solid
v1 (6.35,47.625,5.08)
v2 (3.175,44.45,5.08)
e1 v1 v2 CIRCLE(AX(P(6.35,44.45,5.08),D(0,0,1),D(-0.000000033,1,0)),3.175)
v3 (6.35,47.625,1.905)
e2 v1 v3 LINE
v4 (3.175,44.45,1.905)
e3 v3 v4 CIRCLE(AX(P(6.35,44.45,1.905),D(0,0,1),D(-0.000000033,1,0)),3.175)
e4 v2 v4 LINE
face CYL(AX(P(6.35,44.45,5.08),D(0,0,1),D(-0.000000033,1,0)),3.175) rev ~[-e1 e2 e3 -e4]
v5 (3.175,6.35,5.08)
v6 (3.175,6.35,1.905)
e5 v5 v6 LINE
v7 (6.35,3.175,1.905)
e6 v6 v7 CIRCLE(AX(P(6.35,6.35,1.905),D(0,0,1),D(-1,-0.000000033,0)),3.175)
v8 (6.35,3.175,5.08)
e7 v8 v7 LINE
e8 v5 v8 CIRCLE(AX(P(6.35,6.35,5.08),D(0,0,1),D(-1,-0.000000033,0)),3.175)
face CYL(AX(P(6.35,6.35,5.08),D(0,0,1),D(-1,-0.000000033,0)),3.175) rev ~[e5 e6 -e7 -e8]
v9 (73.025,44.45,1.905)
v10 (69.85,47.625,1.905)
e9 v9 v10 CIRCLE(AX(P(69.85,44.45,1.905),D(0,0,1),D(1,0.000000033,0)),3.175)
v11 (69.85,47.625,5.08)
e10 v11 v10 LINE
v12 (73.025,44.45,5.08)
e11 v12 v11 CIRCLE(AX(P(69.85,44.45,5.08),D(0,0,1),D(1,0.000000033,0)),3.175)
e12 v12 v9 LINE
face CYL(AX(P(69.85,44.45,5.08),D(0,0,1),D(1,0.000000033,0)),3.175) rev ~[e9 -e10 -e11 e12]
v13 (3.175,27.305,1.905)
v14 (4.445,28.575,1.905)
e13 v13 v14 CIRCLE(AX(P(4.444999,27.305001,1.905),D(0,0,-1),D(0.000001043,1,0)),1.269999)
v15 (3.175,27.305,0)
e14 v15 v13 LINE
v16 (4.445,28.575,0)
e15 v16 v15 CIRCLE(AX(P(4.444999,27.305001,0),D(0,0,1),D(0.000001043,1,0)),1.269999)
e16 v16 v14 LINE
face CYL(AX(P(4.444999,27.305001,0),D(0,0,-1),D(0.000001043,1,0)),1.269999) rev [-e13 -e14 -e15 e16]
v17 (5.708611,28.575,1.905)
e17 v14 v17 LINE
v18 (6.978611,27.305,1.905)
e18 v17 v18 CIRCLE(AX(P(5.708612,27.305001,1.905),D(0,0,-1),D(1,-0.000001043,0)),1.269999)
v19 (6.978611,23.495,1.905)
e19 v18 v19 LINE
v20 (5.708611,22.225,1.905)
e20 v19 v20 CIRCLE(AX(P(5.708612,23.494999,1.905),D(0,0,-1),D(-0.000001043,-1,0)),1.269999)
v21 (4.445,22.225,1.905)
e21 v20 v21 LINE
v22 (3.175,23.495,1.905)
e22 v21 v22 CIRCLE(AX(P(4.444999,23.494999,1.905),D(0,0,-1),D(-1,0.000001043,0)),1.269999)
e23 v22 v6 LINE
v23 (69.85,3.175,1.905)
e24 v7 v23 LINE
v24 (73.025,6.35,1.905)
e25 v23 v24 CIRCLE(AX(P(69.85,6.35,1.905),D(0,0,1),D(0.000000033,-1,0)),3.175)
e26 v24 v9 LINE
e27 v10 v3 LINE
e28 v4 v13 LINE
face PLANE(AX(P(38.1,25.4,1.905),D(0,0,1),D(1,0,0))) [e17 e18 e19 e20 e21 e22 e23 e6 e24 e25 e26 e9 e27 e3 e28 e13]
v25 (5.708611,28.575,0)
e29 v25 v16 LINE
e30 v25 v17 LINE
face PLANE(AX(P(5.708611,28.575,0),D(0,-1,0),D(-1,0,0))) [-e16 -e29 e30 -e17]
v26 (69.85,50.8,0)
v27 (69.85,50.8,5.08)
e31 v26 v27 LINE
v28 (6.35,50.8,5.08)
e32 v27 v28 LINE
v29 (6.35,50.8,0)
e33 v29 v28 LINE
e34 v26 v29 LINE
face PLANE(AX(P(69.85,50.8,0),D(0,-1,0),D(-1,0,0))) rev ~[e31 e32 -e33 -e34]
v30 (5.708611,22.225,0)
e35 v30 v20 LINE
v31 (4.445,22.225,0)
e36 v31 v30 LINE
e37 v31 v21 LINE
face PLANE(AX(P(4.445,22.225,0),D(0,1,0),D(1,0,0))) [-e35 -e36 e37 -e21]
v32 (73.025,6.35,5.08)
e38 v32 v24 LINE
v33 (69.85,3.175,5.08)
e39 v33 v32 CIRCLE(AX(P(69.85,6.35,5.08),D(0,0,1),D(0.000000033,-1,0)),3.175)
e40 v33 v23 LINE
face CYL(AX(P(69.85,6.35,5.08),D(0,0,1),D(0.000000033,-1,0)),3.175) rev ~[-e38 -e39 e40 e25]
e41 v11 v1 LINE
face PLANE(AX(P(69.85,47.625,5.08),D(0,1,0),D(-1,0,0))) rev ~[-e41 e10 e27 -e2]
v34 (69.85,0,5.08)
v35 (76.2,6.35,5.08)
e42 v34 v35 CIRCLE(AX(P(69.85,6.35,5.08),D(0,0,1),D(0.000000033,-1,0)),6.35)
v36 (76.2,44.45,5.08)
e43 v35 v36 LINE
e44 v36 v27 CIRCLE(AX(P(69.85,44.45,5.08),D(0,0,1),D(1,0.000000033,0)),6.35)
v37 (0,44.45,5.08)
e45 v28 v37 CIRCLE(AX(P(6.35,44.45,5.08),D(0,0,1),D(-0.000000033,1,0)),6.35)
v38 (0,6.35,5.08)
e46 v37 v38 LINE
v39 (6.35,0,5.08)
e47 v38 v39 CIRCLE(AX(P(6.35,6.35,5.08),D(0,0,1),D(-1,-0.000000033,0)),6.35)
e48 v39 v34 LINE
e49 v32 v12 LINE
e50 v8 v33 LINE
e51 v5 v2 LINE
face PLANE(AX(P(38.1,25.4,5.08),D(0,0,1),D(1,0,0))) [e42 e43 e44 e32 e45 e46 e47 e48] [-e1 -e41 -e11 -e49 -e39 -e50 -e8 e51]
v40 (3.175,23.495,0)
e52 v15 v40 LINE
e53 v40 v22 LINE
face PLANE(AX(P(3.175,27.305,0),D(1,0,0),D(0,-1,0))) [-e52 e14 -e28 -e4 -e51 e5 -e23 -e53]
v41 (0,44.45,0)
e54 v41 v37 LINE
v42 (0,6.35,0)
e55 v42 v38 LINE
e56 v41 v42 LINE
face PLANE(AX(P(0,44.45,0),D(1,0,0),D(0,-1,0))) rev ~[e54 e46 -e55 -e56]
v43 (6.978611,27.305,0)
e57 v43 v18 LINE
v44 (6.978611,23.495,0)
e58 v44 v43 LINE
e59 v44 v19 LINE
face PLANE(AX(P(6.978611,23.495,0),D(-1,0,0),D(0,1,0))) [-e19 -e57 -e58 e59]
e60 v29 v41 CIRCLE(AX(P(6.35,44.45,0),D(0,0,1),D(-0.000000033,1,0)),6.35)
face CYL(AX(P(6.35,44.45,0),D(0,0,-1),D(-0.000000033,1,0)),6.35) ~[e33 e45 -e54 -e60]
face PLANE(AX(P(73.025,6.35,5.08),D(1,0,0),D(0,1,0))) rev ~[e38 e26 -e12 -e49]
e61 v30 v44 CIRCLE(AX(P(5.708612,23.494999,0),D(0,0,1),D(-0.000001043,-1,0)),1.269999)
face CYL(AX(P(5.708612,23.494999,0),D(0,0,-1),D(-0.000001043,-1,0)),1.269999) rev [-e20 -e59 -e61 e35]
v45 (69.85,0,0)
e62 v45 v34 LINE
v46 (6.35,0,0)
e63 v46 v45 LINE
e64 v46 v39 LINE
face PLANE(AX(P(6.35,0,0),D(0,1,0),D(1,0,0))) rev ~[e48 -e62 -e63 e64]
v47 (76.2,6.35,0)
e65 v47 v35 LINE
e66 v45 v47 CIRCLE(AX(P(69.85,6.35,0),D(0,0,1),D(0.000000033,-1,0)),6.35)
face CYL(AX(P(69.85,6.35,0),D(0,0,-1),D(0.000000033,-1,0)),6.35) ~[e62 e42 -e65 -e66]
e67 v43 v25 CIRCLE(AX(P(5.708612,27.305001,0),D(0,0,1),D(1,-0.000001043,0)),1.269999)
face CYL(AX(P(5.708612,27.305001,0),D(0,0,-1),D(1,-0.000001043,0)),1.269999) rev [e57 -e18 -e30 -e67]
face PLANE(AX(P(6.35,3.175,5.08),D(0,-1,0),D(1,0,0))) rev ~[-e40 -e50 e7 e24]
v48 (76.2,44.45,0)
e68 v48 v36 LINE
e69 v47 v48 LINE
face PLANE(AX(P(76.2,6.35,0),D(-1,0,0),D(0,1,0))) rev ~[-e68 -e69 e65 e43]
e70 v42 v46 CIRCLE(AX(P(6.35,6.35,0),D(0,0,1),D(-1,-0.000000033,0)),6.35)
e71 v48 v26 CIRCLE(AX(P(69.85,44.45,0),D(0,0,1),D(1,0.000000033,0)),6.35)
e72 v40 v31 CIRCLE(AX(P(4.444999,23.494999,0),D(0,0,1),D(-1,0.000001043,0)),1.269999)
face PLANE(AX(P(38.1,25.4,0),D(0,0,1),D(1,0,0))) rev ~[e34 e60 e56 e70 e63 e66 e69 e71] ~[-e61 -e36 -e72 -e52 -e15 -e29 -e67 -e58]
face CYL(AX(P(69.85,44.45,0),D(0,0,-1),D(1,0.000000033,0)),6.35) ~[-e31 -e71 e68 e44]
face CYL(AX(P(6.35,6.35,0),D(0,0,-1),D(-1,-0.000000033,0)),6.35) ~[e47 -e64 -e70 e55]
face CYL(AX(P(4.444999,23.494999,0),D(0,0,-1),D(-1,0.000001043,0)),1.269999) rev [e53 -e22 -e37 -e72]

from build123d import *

# Parameters (mm, degrees)
F1_DEPTH = 5.08
F3_DEPTH = 3.175
F5_DEPTH = 25.4


with BuildPart() as f1:
    # F0 (on Top) → F1 (new body)
    with BuildSketch(Plane.XY):
        with BuildLine():
            ThreePointArc((0, 6.35), (1.859872, 1.859872), (6.35, 0))
            Line((6.35, 0), (69.85, 0))
            ThreePointArc((69.85, 0), (74.340128, 1.859872), (76.2, 6.35))
            Line((76.2, 6.35), (76.2, 44.45))
            ThreePointArc((76.2, 44.45), (74.340128, 48.940128), (69.85, 50.8))
            Line((69.85, 50.8), (6.35, 50.8))
            ThreePointArc((6.35, 50.8), (1.859872, 48.940128), (0, 44.45))
            Line((0, 44.45), (0, 6.35))
        make_face()
    extrude(amount=F1_DEPTH)

    # F2 (on face) → F3 (cut)
    with BuildSketch(Plane.XY.offset(5.08)):
        with BuildLine():
            Line((69.85, 47.625), (6.35, 47.625))
            ThreePointArc((6.35, 47.625), (4.104936, 46.695064), (3.175, 44.45))
            Line((3.175, 44.45), (3.175, 6.35))
            ThreePointArc((3.175, 6.35), (4.104936, 4.104936), (6.35, 3.175))
            Line((6.35, 3.175), (69.85, 3.175))
            ThreePointArc((69.85, 3.175), (72.095064, 4.104936), (73.025, 6.35))
            Line((73.025, 6.35), (73.025, 44.45))
            ThreePointArc((73.025, 44.45), (72.095064, 46.695064), (69.85, 47.625))
        make_face()
    extrude(amount=-F3_DEPTH, mode=Mode.SUBTRACT)

    # F4 (on Top) → F5 (cut)
    with BuildSketch(Plane.XY):
        with BuildLine():
            Line((5.708611, 28.575), (4.445, 28.575))
            ThreePointArc((4.445, 28.575), (3.546974, 28.203026), (3.175, 27.305))
            Line((3.175, 27.305), (3.175, 23.495))
            ThreePointArc((3.175, 23.495), (3.546974, 22.596974), (4.445, 22.225))
            Line((4.445, 22.225), (5.708611, 22.225))
            ThreePointArc((5.708611, 22.225), (6.606637, 22.596974), (6.978611, 23.495))
            Line((6.978611, 23.495), (6.978611, 27.305))
            ThreePointArc((6.978611, 27.305), (6.606637, 28.203026), (5.708611, 28.575))
        make_face()
    extrude(amount=F5_DEPTH, mode=Mode.SUBTRACT)


solid = f1.part
